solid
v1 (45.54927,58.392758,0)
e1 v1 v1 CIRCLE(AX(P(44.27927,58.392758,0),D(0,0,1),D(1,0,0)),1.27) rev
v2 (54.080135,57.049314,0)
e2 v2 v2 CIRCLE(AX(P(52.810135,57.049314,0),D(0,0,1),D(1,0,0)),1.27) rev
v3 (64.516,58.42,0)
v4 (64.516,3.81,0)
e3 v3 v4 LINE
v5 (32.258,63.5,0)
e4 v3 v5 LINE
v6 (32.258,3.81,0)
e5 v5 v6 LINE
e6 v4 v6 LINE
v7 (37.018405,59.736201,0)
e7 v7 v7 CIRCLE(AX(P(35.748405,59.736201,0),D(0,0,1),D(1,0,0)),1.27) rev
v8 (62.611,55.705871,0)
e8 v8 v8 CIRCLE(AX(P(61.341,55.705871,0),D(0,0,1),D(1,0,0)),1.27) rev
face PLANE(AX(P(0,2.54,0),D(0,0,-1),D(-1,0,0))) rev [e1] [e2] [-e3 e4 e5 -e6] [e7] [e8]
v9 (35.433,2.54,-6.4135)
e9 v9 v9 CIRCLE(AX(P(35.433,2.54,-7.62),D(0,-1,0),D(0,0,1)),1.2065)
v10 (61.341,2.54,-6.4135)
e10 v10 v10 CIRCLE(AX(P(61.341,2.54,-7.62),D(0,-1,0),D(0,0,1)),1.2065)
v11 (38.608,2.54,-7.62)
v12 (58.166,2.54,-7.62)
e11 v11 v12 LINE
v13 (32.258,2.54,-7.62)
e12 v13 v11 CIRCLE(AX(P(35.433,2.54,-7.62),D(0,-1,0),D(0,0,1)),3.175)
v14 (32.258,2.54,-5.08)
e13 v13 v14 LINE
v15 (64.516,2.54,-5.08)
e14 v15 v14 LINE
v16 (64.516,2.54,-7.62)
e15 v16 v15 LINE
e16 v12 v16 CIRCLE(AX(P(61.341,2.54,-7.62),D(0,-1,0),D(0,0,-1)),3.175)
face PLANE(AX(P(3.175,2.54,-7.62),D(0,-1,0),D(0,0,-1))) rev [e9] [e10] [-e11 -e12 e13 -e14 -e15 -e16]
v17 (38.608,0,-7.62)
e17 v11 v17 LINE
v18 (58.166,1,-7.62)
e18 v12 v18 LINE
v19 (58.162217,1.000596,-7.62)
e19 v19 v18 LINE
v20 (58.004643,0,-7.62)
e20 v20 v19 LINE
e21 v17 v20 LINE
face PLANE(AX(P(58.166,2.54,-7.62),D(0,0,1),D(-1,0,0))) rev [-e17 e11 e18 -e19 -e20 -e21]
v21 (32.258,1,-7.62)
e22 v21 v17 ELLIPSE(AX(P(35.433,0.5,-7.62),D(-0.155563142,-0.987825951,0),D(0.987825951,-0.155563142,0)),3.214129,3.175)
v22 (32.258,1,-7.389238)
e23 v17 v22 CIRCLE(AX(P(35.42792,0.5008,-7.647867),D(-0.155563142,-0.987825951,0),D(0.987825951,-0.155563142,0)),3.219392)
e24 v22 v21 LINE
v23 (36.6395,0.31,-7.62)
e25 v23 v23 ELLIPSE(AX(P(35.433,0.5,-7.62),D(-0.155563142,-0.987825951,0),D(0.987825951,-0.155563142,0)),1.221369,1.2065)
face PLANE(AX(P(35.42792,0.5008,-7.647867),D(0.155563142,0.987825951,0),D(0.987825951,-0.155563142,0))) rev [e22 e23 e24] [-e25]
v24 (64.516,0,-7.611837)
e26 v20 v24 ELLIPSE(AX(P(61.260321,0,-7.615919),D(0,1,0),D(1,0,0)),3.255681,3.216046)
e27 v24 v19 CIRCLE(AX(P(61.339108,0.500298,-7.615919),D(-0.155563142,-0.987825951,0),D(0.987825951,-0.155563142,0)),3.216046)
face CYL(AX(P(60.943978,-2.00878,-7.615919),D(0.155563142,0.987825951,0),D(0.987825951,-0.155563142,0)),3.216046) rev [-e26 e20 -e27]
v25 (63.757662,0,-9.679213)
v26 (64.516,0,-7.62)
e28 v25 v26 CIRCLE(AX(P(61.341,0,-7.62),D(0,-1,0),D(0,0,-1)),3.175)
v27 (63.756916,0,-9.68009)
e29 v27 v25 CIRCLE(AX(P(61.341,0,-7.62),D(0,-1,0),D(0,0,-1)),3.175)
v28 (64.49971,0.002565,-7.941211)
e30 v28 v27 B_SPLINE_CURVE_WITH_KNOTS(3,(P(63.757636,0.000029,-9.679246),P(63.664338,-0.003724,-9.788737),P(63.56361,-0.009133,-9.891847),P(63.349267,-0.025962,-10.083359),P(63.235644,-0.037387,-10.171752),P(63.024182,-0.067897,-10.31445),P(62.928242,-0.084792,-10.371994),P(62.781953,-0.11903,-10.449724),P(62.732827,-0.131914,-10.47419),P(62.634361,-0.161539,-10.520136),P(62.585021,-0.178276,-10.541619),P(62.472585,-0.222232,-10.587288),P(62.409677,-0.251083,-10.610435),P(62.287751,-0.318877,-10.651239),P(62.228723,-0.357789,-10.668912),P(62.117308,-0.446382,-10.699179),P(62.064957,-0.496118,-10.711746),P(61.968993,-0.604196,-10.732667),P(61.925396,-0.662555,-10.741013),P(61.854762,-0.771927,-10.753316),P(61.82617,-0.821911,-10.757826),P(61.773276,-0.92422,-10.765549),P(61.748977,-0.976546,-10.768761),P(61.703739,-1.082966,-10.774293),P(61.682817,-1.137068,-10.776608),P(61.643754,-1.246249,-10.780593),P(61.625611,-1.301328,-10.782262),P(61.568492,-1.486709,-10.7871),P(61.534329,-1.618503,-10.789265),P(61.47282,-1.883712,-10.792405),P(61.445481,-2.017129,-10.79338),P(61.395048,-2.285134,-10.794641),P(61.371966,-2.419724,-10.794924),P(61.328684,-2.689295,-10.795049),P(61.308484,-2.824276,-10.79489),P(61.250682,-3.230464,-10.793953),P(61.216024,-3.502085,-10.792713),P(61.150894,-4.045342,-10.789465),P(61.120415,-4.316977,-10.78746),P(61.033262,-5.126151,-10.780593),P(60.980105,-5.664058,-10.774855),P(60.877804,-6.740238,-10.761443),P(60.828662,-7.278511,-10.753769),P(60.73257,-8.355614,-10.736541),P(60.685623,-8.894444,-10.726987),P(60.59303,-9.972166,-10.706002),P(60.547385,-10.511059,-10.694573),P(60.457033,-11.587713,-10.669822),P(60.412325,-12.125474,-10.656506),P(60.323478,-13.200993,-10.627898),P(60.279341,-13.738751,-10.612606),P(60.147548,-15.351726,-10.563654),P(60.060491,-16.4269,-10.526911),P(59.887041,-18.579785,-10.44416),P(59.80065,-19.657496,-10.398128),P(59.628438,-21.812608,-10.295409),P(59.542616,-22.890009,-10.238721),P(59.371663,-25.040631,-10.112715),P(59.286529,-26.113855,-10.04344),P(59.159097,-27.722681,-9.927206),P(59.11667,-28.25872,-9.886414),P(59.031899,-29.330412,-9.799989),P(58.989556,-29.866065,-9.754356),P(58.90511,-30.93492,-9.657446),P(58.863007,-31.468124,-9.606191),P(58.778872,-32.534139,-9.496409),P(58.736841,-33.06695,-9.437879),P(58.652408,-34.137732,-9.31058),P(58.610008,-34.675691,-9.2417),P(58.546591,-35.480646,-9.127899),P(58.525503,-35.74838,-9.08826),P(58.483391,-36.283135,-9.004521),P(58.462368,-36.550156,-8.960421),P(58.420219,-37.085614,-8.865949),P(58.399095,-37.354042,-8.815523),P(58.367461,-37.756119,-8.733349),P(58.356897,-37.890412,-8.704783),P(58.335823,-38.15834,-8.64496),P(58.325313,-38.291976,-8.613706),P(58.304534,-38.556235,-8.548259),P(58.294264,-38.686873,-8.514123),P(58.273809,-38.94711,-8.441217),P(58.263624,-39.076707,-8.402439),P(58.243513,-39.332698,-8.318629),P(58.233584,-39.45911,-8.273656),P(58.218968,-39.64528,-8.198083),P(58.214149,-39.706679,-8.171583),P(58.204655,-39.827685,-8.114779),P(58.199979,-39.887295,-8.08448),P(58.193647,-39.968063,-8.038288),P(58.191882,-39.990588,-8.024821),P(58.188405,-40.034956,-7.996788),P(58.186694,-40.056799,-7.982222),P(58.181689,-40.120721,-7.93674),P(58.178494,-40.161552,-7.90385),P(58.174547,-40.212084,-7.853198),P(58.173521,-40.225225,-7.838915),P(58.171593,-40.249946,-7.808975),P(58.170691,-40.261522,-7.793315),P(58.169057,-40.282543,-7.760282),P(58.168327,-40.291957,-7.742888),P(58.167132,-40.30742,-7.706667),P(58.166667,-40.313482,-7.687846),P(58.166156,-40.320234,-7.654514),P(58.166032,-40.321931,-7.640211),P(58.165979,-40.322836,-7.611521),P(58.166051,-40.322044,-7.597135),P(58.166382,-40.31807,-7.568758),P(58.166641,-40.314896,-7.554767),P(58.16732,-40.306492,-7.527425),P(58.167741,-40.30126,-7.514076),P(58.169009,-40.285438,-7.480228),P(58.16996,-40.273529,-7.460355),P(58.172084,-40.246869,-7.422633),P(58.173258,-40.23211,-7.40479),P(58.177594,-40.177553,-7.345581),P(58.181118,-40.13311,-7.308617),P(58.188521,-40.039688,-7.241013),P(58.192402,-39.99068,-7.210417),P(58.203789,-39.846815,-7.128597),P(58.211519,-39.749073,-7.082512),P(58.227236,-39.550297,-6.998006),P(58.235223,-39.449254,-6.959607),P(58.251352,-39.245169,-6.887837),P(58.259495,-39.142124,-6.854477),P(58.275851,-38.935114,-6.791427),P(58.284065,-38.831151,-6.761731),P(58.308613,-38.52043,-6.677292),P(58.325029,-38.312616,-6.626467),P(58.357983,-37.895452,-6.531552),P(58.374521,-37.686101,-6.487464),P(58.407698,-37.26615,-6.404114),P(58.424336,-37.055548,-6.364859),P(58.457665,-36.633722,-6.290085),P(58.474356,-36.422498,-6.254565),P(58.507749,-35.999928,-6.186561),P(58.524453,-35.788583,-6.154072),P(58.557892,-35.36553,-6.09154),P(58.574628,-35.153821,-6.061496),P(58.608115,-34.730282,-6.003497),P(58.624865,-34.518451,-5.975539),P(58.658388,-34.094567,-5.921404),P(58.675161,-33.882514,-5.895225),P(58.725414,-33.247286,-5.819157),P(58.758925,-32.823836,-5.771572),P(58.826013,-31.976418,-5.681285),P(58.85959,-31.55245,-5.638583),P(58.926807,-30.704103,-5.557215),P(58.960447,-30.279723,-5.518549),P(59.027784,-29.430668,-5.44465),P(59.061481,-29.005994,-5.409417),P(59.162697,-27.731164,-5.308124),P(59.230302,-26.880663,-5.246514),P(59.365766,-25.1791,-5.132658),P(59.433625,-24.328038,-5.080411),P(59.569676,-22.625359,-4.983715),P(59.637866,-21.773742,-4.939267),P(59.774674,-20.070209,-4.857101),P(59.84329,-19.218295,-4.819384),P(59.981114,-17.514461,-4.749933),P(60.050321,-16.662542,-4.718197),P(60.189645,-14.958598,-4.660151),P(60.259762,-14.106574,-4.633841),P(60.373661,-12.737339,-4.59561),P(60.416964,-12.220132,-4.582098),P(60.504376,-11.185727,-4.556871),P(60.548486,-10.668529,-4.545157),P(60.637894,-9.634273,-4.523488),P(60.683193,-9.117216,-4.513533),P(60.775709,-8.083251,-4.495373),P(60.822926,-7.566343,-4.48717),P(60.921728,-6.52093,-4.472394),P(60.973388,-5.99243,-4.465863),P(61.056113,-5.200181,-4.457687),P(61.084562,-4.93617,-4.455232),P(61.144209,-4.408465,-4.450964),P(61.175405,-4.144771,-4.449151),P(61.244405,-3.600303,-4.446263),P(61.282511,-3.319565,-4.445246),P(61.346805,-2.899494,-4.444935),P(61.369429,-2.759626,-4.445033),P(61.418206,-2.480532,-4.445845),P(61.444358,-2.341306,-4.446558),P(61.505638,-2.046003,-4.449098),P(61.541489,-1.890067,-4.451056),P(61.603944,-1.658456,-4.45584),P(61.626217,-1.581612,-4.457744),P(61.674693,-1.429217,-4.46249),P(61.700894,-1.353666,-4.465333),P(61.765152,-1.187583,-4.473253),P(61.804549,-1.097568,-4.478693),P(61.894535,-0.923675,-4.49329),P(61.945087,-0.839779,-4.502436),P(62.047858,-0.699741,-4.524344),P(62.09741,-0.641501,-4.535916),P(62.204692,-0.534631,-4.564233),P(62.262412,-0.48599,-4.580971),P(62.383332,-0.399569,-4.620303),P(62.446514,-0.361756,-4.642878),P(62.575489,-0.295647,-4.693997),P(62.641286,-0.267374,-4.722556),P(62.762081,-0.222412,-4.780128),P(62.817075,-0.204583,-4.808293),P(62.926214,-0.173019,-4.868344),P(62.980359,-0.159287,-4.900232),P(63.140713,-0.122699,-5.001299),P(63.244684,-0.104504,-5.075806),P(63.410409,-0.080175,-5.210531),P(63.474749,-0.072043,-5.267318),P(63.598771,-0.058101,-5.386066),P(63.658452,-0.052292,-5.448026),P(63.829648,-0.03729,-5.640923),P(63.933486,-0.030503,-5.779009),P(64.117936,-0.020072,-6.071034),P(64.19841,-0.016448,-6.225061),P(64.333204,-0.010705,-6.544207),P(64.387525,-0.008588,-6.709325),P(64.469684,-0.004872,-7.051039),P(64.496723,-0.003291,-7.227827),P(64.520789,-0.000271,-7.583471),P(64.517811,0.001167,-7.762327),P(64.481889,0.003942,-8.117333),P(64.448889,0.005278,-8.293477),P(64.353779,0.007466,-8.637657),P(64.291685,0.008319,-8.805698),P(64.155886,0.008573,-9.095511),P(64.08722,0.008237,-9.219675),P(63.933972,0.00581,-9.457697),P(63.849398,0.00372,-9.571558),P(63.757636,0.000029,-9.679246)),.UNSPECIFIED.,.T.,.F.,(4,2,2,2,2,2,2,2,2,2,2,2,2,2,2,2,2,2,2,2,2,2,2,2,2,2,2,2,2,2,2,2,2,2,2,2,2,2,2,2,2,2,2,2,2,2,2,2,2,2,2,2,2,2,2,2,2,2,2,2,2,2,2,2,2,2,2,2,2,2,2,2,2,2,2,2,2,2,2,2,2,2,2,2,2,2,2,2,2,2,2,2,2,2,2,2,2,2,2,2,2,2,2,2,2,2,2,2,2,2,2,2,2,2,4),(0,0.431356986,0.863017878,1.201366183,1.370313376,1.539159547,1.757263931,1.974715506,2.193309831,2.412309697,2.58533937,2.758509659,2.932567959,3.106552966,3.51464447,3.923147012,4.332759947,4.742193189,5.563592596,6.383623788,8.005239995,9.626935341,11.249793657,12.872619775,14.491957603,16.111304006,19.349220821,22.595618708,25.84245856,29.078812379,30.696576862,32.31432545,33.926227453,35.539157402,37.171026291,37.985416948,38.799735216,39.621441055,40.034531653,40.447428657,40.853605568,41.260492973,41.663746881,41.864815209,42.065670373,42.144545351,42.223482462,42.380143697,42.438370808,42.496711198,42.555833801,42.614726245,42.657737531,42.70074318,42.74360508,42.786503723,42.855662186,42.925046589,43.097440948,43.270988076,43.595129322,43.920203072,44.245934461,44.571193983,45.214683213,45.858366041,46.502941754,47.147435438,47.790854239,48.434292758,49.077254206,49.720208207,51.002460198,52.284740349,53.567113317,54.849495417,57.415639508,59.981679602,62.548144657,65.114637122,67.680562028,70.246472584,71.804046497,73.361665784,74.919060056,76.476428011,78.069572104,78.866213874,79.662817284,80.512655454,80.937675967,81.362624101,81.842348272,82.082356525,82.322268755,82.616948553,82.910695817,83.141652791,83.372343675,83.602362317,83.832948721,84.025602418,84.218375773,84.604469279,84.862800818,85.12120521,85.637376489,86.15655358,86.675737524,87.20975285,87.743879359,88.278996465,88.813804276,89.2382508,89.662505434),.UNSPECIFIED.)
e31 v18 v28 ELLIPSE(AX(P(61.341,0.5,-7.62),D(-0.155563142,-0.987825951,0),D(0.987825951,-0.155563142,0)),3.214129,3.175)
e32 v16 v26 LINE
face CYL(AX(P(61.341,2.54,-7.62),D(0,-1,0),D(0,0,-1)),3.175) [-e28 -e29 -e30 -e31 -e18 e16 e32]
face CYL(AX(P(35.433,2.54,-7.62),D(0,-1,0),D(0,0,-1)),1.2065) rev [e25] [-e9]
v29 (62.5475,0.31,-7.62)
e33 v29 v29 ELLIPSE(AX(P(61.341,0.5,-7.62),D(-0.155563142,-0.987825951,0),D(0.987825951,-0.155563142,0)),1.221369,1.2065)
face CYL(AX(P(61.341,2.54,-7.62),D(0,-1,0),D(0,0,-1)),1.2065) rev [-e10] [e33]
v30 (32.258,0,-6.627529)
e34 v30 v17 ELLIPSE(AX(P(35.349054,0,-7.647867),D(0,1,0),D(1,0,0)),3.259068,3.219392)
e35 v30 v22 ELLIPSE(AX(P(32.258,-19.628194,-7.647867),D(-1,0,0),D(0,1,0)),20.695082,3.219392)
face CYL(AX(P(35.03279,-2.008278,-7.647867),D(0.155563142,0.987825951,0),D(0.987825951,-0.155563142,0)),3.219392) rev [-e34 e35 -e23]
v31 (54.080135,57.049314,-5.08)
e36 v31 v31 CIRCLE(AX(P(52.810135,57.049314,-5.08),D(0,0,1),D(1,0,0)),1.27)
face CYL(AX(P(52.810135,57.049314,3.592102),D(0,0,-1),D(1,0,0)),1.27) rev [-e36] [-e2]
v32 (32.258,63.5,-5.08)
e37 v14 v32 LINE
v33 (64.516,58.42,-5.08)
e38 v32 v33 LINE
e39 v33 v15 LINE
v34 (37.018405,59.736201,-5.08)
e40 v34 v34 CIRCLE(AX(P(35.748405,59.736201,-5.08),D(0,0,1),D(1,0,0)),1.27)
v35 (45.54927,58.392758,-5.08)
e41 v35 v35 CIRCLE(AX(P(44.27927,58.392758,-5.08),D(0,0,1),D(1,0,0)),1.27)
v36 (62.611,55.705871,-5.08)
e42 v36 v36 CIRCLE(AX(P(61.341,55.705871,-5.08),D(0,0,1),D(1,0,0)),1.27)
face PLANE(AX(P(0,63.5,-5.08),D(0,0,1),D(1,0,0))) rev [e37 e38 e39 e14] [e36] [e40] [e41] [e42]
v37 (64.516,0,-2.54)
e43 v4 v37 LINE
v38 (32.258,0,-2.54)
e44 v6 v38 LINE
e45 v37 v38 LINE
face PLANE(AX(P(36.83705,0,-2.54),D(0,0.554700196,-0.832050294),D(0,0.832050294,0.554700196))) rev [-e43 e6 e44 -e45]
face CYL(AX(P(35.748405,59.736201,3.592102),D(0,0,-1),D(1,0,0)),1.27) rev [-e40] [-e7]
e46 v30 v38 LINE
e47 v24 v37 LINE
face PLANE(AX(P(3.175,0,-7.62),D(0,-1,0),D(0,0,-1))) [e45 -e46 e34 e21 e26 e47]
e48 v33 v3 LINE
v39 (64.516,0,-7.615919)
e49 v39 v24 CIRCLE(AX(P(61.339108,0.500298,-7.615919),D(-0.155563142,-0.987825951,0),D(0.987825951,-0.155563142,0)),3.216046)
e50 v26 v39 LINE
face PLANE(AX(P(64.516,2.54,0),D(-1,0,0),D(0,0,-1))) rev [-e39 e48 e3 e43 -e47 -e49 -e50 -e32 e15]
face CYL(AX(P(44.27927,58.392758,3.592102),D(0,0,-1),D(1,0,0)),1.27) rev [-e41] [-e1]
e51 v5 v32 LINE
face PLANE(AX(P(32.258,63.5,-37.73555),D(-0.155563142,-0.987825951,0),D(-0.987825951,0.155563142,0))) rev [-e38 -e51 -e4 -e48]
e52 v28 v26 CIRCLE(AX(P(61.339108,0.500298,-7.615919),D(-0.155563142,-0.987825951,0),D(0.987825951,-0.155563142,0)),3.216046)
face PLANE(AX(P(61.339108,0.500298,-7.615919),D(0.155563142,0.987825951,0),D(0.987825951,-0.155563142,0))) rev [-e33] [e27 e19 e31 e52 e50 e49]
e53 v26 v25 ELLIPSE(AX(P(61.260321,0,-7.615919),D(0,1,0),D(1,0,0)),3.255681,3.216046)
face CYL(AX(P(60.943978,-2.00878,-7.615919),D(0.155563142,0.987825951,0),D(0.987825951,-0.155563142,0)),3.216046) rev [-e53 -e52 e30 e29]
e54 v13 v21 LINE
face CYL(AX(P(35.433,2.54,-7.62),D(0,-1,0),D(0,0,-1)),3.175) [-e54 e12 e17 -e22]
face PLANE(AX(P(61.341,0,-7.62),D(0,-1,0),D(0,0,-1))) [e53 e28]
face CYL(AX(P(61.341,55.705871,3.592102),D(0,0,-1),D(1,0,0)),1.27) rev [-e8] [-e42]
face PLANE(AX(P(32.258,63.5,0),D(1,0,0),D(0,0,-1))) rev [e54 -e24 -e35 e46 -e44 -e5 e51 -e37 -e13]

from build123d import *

# Parameters (mm, degrees)
SKETCH1_R               = 1.2065
BOSS_EXTRUDE1_DEPTH     = 2.54
SKETCH2_W               = 32.258
SKETCH2_H               = 5.08
BOSS_EXTRUDE2_DEPTH     = 60.96
CUT_EXTRUDE2_DEPTH      = 5.08
SKETCH3_R               = 1.27
CUT_EXTRUDE1_DEPTH      = 5.08
CUT_EXTRUDE3_DEPTH      = 32.258
SKETCH6_R               = 3.21939192
CUT_EXTRUDE4_DEPTH      = 2.54
SKETCH7_R               = 3.216046402
CUT_EXTRUDE5_DEPTH      = 2.54
CUT_EXTRUDE7_DEPTH      = 91.704054458
CUT_EXTRUDE7_DEPTH_BACK = 91.704054458
SKETCH8_W               = 34.637942207
SKETCH8_H               = 68.994690033


with BuildPart() as part:
    # Sketch1 → Boss-Extrude1 (new body)
    with BuildSketch(Plane(origin=(0, 0, 0), x_dir=(1, 0, 0), z_dir=(0, 1, 0))):
        with BuildLine():
            Line((0, 0), (32.258, 0))
            Line((32.258, 0), (32.258, 7.62))
            ThreePointArc((32.258, 7.62), (29.083, 10.795), (25.908, 7.62))
            Line((25.908, 7.62), (6.35, 7.62))
            ThreePointArc((6.35, 7.62), (3.175, 10.795), (0, 7.62))
            Line((0, 7.62), (0, 0))
        make_face()
        with Locations(Location((3.175, 7.62, 0), (0, 0, 270))):
            Circle(SKETCH1_R, mode=Mode.SUBTRACT)
        with Locations(Location((29.083, 7.62, 0), (0, 0, 270))):
            Circle(SKETCH1_R, mode=Mode.SUBTRACT)
    extrude(amount=BOSS_EXTRUDE1_DEPTH)

    # Sketch2 → Boss-Extrude2 (add)
    with BuildSketch(Plane(origin=(0, 2.54, 0), x_dir=(1, 0, 0), z_dir=(0, 1, 0))):
        with Locations((16.129, 2.54)):
            Rectangle(SKETCH2_W, SKETCH2_H)
    extrude(amount=BOSS_EXTRUDE2_DEPTH)

    # Sketch4 → Cut-Extrude2 (cut)
    with BuildSketch(Plane.XY):
        Polygon((32.258, 63.5), (0, 58.42), (0, 63.5), align=None)
    extrude(amount=-CUT_EXTRUDE2_DEPTH, mode=Mode.SUBTRACT)

    # Sketch3 → Cut-Extrude1 (cut)
    with BuildSketch(Plane(origin=(0, 0, -5.08), x_dir=(-1, 0, 0), z_dir=(0, 0, -1))):
        with Locations((-28.767594731, 59.736200914)):
            Circle(SKETCH3_R)
        with Locations((-20.236729821, 58.392757622)):
            Circle(SKETCH3_R)
        with Locations((-11.70586491, 57.049314329)):
            Circle(SKETCH3_R)
        with Locations((-3.175, 55.705871036)):
            Circle(SKETCH3_R)
    extrude(amount=-CUT_EXTRUDE1_DEPTH, mode=Mode.SUBTRACT)

    # Sketch5 → Cut-Extrude3 (cut)
    with BuildSketch(Plane.ZY):
        Polygon((0, 0), (-2.54, 0), (0, 3.81), align=None)
    extrude(amount=-CUT_EXTRUDE3_DEPTH, mode=Mode.SUBTRACT)

    # Sketch6 → Cut-Extrude4 (cut)
    with BuildSketch(Plane(origin=(0.626970779, -3.981264444, 0), x_dir=(0.9878259507117183, 0.1555631418443651, 0), z_dir=(-0.15556314184436507, 0.9878259507117182, 0))):
        with Locations((28.811866038, 7.647867292)):
            Circle(SKETCH6_R)
    extrude(amount=-CUT_EXTRUDE4_DEPTH, mode=Mode.SUBTRACT)

    # Sketch7 → Cut-Extrude5 (cut)
    with BuildSketch(Plane(origin=(0, 0, 0), x_dir=(0.9878259507117183, 0.1555631418443651, 0), z_dir=(-0.15556314184436507, 0.9878259507117182, 0))):
        with Locations((3.216043813, 7.615918666)):
            Circle(SKETCH7_R)
    extrude(amount=-CUT_EXTRUDE5_DEPTH, mode=Mode.SUBTRACT)

    # Mirror1: part across plane


with BuildPart() as part_1:
    add(part.part)
    add(part.part.mirror(Plane(origin=(32.258, 2.54, 0), x_dir=(0, 0, 1), z_dir=(-1, 0, 0))))

    # Sketch8 → Cut-Extrude7 (cut, two sides: drawn at the far end of the back side and taken through both)
    with BuildSketch(Plane(origin=(0, 0, -5.08), x_dir=(-1, 0, 0), z_dir=(0, 0, -1)).offset(-CUT_EXTRUDE7_DEPTH_BACK)):
        with Locations((-14.939028897, 29.002654984)):
            Rectangle(SKETCH8_W, SKETCH8_H)
    extrude(amount=CUT_EXTRUDE7_DEPTH + CUT_EXTRUDE7_DEPTH_BACK, mode=Mode.SUBTRACT)


solid = part_1.part
